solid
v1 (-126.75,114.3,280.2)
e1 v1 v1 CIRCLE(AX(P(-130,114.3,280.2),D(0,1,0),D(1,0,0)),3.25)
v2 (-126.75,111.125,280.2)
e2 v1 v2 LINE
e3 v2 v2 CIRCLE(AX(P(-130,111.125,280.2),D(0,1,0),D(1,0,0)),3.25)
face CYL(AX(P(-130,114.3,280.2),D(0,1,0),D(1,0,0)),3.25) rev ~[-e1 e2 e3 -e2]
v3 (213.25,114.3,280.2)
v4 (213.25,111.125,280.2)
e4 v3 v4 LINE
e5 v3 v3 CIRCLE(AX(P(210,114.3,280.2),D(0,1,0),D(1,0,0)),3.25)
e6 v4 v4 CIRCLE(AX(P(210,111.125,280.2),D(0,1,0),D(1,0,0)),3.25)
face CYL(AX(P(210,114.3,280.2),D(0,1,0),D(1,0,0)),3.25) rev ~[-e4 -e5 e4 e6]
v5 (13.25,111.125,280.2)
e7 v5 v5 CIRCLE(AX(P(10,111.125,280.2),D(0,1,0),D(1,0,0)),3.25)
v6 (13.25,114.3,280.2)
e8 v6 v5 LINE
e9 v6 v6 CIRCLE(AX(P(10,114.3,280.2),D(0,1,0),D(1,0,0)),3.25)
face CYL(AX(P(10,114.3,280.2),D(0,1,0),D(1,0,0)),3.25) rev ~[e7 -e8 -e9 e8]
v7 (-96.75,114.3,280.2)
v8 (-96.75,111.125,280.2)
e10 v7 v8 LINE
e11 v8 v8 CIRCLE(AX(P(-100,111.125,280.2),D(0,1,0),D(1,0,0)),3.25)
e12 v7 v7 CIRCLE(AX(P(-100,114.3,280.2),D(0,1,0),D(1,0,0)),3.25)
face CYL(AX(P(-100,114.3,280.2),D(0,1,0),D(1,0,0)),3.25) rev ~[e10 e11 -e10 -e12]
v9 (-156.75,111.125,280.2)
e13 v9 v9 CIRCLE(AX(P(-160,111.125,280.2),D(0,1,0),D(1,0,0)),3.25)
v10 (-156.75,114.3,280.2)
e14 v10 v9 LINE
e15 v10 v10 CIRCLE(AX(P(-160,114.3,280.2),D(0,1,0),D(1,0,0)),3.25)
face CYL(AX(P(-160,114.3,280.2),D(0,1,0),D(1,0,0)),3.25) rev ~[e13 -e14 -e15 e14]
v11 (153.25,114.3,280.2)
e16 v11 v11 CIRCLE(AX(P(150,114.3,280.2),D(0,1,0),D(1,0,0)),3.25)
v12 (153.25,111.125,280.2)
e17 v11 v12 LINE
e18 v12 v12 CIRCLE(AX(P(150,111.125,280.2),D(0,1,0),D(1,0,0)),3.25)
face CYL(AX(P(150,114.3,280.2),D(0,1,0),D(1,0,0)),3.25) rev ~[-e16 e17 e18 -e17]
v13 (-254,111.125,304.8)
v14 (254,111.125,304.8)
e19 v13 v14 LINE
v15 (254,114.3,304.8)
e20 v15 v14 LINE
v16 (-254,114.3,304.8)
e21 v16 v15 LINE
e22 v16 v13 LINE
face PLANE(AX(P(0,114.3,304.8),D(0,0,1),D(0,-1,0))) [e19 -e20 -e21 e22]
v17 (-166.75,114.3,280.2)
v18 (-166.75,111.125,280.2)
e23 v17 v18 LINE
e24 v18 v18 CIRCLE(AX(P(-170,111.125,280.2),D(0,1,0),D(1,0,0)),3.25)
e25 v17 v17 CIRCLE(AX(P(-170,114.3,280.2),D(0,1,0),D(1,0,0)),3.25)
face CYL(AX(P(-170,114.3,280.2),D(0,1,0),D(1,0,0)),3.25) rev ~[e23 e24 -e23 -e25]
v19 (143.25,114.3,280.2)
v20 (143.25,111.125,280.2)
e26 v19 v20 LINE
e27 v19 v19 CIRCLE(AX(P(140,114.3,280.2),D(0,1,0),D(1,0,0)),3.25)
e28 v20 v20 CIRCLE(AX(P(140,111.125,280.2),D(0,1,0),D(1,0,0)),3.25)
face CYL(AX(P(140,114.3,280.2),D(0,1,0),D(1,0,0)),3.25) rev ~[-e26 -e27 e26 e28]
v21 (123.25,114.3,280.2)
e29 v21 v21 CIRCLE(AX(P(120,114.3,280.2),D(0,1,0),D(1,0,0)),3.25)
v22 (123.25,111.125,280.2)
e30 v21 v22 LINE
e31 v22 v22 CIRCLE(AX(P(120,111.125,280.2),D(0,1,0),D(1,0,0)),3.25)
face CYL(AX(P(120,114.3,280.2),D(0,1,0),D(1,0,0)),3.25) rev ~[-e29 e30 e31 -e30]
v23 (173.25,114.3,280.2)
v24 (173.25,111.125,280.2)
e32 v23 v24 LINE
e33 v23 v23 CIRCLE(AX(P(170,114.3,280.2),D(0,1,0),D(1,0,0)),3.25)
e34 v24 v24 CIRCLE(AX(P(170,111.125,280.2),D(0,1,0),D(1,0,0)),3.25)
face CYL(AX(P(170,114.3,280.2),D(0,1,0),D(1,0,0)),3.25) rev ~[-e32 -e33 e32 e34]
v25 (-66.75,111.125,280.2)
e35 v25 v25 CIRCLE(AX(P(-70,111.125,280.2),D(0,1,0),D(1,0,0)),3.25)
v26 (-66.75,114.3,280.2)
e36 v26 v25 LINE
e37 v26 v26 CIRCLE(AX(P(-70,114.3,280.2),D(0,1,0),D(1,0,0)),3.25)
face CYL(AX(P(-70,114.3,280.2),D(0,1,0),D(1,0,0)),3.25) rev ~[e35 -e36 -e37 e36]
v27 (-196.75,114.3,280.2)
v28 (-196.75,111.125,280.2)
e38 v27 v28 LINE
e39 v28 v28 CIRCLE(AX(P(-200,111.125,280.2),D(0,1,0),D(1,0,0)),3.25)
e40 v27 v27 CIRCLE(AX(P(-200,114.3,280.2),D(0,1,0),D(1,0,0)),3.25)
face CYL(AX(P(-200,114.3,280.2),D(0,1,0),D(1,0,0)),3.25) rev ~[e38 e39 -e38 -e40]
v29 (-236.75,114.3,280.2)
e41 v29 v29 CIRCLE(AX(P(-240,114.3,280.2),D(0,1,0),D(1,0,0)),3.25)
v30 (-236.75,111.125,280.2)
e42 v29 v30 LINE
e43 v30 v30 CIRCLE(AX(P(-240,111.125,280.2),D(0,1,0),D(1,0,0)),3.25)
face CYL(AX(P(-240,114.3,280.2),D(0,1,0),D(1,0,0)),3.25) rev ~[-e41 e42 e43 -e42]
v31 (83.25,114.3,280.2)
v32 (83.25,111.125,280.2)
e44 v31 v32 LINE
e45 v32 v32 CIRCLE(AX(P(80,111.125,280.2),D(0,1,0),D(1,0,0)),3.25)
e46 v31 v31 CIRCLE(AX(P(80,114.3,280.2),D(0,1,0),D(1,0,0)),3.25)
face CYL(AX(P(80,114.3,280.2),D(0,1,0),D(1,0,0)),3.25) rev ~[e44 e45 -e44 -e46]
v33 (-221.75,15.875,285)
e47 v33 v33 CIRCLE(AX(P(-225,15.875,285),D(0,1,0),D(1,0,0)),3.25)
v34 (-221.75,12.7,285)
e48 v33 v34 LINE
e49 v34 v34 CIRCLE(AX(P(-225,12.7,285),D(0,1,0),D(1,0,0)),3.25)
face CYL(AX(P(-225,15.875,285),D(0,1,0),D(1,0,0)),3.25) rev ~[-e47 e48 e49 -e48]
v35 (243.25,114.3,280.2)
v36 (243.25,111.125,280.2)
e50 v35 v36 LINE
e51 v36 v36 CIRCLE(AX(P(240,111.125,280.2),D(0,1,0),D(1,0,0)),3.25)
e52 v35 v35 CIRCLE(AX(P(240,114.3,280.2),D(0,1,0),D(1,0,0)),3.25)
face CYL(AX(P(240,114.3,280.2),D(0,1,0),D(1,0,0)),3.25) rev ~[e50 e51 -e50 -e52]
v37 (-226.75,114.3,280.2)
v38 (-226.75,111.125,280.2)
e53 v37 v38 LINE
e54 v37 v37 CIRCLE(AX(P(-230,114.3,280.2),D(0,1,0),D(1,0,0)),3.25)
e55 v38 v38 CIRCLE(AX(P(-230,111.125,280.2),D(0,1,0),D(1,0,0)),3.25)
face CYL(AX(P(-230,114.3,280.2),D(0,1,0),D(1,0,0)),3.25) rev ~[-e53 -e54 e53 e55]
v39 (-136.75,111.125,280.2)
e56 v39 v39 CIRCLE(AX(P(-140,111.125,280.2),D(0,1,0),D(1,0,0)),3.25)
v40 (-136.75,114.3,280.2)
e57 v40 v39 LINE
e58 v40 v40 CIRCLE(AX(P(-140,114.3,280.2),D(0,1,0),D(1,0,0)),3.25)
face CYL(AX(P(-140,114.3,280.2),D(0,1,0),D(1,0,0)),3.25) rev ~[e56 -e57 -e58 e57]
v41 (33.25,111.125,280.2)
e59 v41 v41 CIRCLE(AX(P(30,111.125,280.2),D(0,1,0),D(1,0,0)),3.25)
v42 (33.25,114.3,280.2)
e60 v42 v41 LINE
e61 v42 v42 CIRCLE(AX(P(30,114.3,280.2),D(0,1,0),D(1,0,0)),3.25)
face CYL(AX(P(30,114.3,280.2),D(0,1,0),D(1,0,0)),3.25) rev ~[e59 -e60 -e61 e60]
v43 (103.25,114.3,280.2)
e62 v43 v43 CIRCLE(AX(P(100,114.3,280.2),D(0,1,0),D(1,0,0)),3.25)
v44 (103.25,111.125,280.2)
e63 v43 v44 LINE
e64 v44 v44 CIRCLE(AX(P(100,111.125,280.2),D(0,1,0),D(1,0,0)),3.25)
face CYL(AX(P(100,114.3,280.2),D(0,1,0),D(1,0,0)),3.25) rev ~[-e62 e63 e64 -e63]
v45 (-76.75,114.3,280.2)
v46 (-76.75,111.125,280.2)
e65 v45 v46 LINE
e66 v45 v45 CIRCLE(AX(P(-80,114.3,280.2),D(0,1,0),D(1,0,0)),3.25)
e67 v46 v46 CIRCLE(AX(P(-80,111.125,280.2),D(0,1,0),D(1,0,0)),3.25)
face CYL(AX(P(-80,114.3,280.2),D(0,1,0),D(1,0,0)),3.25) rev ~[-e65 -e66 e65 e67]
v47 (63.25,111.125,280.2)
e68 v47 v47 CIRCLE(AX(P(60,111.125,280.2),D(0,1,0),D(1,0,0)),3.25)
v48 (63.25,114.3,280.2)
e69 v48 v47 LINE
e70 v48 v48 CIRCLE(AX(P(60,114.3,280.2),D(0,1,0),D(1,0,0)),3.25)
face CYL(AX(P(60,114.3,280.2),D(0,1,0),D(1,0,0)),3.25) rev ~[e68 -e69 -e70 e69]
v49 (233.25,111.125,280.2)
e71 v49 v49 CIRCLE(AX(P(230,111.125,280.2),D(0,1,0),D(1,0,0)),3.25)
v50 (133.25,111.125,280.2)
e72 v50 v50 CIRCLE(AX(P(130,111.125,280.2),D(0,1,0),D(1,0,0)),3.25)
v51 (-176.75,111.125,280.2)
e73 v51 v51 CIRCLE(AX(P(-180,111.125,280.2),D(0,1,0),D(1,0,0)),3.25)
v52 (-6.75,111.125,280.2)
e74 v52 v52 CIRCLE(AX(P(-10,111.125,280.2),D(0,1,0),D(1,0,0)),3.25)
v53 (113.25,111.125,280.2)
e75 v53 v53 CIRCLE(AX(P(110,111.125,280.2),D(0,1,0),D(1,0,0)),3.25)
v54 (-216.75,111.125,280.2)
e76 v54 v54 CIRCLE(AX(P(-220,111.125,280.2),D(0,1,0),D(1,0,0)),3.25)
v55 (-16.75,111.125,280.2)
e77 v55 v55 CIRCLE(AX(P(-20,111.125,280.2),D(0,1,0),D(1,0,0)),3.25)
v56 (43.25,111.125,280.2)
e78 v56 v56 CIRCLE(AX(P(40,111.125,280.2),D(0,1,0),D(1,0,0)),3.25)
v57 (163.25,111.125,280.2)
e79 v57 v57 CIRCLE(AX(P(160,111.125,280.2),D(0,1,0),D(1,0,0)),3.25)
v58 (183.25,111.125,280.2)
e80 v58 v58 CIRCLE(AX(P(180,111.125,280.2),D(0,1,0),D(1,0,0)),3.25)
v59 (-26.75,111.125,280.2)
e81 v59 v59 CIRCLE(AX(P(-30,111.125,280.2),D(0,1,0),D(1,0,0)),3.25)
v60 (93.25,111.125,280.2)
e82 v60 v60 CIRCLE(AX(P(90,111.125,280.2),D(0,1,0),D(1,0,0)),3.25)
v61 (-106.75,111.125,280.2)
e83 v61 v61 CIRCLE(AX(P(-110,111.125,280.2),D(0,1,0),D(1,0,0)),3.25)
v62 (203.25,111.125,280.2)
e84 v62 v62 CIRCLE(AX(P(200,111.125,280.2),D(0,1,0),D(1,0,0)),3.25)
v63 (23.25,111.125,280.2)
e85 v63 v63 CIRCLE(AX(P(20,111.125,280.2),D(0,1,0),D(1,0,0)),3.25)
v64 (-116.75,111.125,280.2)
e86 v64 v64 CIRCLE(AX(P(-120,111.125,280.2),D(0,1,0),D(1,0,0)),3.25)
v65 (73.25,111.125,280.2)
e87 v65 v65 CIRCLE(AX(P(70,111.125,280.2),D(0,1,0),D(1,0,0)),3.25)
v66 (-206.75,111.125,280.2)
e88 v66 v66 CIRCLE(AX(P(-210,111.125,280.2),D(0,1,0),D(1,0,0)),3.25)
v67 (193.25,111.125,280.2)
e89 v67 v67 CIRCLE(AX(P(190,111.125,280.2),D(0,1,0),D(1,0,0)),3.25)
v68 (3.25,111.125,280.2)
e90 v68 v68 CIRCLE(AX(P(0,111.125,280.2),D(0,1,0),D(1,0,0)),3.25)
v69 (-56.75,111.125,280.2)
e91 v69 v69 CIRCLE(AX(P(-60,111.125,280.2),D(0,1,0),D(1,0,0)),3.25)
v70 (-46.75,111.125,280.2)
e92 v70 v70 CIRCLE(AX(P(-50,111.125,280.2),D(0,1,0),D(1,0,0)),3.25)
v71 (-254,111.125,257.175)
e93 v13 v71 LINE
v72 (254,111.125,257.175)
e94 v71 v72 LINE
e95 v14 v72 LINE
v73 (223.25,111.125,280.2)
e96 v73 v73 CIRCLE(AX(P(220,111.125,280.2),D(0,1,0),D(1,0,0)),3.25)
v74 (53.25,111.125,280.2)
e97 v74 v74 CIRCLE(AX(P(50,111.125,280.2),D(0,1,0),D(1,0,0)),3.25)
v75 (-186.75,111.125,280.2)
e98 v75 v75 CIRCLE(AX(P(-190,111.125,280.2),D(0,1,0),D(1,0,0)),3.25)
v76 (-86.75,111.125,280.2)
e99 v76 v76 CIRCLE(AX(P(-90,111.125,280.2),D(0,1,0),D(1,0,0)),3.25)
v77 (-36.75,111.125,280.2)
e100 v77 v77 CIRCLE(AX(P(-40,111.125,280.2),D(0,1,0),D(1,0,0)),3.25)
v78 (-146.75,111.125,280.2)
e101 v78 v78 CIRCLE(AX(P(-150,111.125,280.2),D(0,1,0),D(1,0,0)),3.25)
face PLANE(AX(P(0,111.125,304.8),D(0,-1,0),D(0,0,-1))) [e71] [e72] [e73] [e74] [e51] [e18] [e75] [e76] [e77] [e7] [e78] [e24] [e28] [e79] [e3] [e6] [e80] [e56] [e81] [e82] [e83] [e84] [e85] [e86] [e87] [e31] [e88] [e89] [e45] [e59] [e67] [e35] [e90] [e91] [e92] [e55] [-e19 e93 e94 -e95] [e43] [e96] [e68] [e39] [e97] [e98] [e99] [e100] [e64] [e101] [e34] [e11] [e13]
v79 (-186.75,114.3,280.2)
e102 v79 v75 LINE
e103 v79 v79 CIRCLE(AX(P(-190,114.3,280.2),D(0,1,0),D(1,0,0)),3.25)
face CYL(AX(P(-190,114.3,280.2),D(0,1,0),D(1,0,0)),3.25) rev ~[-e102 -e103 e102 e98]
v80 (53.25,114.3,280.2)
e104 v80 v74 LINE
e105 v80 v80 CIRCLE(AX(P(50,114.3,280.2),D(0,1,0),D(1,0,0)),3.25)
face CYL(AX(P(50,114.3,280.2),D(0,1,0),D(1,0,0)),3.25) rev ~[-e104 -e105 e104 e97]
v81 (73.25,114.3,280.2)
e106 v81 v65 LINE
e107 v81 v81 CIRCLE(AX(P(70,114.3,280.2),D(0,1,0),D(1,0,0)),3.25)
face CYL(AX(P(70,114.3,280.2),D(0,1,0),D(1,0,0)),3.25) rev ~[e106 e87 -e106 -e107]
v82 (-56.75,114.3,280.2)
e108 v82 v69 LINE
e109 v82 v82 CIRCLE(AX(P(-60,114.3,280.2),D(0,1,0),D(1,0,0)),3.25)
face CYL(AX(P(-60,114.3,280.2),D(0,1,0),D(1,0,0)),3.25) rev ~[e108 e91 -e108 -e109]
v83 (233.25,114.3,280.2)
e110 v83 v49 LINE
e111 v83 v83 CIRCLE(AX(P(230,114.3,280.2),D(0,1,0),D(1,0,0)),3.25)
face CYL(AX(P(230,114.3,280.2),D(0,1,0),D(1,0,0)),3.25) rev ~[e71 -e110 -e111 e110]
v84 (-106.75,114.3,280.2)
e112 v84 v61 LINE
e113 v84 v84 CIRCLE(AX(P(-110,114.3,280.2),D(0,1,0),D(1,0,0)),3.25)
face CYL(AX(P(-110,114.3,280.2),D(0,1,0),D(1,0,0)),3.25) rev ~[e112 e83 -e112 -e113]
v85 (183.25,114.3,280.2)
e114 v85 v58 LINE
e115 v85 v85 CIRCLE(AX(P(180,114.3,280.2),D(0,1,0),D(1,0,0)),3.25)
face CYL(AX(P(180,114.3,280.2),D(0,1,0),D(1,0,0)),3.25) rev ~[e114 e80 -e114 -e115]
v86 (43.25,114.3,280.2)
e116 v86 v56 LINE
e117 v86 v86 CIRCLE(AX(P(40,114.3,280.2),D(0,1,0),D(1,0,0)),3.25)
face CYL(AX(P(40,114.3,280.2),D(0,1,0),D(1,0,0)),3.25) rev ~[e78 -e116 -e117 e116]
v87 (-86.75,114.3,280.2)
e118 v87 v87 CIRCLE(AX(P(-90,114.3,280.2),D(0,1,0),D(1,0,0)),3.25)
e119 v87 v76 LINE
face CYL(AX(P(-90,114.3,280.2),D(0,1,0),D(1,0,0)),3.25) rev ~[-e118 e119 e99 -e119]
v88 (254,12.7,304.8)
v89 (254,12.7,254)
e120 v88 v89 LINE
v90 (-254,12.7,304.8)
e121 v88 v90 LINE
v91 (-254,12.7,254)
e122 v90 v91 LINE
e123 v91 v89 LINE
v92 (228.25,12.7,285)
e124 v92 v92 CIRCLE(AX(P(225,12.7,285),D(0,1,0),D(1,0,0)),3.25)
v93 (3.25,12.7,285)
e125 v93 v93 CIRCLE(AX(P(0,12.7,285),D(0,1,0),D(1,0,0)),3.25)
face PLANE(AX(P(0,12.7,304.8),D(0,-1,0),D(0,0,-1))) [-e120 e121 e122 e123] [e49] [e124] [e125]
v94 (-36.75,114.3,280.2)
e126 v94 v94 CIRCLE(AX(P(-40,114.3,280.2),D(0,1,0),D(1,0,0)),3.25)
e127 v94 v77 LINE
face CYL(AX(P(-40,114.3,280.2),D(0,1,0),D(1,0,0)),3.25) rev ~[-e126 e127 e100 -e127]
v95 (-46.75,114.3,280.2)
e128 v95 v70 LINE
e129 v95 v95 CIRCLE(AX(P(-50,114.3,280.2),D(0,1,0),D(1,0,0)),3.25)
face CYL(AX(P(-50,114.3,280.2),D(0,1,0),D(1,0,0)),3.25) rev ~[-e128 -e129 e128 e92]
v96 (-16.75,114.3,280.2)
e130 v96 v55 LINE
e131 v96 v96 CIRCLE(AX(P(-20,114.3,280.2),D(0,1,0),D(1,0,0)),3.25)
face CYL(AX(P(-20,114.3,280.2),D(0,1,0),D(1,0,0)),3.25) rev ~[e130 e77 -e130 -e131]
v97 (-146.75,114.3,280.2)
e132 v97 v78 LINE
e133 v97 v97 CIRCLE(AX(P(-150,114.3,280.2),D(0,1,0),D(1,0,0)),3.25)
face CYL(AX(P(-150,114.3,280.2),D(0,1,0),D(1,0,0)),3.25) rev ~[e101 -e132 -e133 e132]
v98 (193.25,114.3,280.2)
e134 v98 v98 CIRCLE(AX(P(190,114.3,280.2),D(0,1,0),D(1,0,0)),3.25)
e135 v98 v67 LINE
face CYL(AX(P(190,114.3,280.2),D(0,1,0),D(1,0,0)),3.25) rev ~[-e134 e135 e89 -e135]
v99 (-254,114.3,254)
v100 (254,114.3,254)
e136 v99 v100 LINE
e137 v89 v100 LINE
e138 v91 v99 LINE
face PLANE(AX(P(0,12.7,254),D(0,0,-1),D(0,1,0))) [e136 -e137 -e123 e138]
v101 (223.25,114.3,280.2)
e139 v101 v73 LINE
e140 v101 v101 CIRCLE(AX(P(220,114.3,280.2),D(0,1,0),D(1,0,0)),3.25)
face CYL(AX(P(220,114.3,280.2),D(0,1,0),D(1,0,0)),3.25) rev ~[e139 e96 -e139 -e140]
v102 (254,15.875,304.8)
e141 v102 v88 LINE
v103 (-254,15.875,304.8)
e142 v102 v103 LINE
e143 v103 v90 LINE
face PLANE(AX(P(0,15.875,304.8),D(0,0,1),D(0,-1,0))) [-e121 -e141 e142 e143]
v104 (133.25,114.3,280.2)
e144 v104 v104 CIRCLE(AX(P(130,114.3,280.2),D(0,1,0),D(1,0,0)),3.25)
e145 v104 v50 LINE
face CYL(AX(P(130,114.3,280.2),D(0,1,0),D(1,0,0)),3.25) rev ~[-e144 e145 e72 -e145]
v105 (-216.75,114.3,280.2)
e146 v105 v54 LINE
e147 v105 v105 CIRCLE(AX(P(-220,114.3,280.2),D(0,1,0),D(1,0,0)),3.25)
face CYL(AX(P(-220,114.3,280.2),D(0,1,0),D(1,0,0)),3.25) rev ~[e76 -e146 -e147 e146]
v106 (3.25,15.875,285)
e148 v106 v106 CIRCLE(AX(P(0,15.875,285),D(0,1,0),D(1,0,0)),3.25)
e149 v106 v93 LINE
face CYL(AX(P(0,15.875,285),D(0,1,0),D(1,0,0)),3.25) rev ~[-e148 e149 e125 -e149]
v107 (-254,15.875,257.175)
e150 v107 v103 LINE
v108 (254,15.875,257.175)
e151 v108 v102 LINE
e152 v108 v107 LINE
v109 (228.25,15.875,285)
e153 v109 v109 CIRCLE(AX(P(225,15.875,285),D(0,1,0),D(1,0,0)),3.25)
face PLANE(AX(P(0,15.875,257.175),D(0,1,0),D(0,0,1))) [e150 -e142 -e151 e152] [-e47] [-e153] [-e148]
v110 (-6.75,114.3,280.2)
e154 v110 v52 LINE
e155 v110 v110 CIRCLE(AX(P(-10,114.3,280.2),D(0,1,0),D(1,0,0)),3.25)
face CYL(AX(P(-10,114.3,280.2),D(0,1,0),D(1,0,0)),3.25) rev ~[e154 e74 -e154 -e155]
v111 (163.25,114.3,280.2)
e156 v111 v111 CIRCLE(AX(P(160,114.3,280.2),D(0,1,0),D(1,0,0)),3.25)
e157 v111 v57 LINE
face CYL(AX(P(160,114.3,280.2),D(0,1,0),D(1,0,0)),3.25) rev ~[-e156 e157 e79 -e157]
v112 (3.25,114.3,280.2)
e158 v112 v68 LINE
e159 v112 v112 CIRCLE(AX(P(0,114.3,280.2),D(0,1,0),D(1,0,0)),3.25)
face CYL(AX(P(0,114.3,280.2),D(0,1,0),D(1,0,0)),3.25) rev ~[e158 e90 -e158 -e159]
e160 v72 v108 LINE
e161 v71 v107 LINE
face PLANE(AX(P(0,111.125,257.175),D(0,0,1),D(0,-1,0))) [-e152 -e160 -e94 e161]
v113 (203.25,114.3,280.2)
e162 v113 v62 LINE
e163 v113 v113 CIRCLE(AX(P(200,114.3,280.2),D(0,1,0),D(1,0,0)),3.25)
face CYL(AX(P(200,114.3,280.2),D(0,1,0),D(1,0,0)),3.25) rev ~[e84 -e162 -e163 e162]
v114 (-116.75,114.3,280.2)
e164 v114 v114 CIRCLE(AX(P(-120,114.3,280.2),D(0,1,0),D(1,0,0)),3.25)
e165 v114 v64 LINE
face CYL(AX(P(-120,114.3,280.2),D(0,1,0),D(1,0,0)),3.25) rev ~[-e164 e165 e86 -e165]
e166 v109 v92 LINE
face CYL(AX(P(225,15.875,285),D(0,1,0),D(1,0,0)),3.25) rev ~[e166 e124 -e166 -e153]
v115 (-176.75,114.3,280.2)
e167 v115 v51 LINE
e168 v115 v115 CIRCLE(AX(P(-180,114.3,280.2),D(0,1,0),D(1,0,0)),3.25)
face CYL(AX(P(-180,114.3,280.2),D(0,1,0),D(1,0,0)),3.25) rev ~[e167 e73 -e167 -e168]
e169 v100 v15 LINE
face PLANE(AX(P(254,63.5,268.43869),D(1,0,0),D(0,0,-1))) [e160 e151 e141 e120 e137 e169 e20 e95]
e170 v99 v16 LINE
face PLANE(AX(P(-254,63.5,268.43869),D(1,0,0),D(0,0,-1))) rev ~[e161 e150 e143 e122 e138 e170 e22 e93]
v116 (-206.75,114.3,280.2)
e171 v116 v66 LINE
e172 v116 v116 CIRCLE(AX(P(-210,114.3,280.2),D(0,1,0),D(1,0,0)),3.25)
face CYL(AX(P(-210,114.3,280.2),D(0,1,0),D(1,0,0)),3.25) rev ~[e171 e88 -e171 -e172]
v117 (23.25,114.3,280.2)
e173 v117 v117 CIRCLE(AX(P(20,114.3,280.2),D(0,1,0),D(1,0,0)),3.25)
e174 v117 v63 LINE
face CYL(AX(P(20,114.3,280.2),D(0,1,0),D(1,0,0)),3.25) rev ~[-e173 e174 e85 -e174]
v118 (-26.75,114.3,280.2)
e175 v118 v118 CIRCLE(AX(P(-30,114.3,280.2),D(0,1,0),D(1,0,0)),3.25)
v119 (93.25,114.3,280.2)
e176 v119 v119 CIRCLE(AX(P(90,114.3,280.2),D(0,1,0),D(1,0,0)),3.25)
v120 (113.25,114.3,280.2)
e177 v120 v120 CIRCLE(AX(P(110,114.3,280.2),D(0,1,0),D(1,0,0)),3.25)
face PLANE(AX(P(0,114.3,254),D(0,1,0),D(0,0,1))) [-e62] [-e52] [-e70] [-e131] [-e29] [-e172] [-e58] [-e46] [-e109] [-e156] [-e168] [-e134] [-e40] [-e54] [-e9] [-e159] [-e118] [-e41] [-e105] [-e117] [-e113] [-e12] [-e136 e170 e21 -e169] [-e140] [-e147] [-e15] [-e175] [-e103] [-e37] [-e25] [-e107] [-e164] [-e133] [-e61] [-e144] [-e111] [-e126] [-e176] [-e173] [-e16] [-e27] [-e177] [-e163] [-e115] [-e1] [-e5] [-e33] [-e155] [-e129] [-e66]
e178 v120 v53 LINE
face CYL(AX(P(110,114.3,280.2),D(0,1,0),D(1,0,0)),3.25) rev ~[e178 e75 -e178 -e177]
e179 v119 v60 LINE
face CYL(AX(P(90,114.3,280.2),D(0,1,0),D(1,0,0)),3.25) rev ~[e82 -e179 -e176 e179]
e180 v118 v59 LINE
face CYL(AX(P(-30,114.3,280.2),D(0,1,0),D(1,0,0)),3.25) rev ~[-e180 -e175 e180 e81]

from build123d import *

# Parameters (mm, degrees)
ALUM_C_CHNL_SHORT_BOSS_EXTRUDE3_DEPTH      = 254
ALUM_C_CHNL_SHORT_BOSS_EXTRUDE3_DEPTH_BACK = 254
SKETCH12_R                                 = 3.25
CUT_EXTRUDE9_DEPTH                         = 3.175
SKETCH8_R                                  = 3.25
CUT_EXTRUDE5_DEPTH                         = 20
LPATTERN4_COUNT                            = 25
LPATTERN4_PITCH                            = 10
LPATTERN3_COUNT                            = 25
LPATTERN3_PITCH                            = 10


with BuildPart() as part:
    # Sketch3 → Alum C chnl SHORT Boss-Extrude3 (new body, two sides)
    with BuildSketch(Plane(origin=(0, 0, 0), x_dir=(0, 0, -1), z_dir=(1, 0, 0))) as alum_c_chnl_short_boss_extrude3_sk:
        Polygon((-304.8, 12.7), (-254, 12.7), (-254, 114.3), (-304.8, 114.3), (-304.8, 111.125), (-257.175, 111.125), (-257.175, 15.875), (-304.8, 15.875), align=None)
    extrude(amount=ALUM_C_CHNL_SHORT_BOSS_EXTRUDE3_DEPTH)
    extrude(alum_c_chnl_short_boss_extrude3_sk.sketch, amount=-ALUM_C_CHNL_SHORT_BOSS_EXTRUDE3_DEPTH_BACK)

    # Sketch12 → Cut-Extrude9 (cut)
    with BuildSketch(Plane(origin=(0, 15.875, 0), x_dir=(1, 0, 0), z_dir=(0, 1, 0))):
        with Locations((-225, -285)):
            Circle(SKETCH12_R)
        with Locations((0, -285)):
            Circle(SKETCH12_R)
        with Locations((225, -285)):
            Circle(SKETCH12_R)
    extrude(amount=-CUT_EXTRUDE9_DEPTH, mode=Mode.SUBTRACT)

    # Sketch8 → Cut-Extrude5 (cut)
    with BuildSketch(Plane(origin=(0, 114.3, 0), x_dir=(1, 0, 0), z_dir=(0, 1, 0))):
        with Locations((0, -280.2)):
            Circle(SKETCH8_R)
    cut_extrude5 = extrude(amount=-CUT_EXTRUDE5_DEPTH, mode=Mode.SUBTRACT)

    # LPattern4: Cut-Extrude5 ×25
    with Locations(*[(-i * LPATTERN4_PITCH, 0, 0) for i in range(1, LPATTERN4_COUNT)]):
        add(cut_extrude5, mode=Mode.SUBTRACT)

    # LPattern3: Cut-Extrude5 ×25
    with Locations(*[(i * LPATTERN3_PITCH, 0, 0) for i in range(1, LPATTERN3_COUNT)]):
        add(cut_extrude5, mode=Mode.SUBTRACT)


solid = part.part
